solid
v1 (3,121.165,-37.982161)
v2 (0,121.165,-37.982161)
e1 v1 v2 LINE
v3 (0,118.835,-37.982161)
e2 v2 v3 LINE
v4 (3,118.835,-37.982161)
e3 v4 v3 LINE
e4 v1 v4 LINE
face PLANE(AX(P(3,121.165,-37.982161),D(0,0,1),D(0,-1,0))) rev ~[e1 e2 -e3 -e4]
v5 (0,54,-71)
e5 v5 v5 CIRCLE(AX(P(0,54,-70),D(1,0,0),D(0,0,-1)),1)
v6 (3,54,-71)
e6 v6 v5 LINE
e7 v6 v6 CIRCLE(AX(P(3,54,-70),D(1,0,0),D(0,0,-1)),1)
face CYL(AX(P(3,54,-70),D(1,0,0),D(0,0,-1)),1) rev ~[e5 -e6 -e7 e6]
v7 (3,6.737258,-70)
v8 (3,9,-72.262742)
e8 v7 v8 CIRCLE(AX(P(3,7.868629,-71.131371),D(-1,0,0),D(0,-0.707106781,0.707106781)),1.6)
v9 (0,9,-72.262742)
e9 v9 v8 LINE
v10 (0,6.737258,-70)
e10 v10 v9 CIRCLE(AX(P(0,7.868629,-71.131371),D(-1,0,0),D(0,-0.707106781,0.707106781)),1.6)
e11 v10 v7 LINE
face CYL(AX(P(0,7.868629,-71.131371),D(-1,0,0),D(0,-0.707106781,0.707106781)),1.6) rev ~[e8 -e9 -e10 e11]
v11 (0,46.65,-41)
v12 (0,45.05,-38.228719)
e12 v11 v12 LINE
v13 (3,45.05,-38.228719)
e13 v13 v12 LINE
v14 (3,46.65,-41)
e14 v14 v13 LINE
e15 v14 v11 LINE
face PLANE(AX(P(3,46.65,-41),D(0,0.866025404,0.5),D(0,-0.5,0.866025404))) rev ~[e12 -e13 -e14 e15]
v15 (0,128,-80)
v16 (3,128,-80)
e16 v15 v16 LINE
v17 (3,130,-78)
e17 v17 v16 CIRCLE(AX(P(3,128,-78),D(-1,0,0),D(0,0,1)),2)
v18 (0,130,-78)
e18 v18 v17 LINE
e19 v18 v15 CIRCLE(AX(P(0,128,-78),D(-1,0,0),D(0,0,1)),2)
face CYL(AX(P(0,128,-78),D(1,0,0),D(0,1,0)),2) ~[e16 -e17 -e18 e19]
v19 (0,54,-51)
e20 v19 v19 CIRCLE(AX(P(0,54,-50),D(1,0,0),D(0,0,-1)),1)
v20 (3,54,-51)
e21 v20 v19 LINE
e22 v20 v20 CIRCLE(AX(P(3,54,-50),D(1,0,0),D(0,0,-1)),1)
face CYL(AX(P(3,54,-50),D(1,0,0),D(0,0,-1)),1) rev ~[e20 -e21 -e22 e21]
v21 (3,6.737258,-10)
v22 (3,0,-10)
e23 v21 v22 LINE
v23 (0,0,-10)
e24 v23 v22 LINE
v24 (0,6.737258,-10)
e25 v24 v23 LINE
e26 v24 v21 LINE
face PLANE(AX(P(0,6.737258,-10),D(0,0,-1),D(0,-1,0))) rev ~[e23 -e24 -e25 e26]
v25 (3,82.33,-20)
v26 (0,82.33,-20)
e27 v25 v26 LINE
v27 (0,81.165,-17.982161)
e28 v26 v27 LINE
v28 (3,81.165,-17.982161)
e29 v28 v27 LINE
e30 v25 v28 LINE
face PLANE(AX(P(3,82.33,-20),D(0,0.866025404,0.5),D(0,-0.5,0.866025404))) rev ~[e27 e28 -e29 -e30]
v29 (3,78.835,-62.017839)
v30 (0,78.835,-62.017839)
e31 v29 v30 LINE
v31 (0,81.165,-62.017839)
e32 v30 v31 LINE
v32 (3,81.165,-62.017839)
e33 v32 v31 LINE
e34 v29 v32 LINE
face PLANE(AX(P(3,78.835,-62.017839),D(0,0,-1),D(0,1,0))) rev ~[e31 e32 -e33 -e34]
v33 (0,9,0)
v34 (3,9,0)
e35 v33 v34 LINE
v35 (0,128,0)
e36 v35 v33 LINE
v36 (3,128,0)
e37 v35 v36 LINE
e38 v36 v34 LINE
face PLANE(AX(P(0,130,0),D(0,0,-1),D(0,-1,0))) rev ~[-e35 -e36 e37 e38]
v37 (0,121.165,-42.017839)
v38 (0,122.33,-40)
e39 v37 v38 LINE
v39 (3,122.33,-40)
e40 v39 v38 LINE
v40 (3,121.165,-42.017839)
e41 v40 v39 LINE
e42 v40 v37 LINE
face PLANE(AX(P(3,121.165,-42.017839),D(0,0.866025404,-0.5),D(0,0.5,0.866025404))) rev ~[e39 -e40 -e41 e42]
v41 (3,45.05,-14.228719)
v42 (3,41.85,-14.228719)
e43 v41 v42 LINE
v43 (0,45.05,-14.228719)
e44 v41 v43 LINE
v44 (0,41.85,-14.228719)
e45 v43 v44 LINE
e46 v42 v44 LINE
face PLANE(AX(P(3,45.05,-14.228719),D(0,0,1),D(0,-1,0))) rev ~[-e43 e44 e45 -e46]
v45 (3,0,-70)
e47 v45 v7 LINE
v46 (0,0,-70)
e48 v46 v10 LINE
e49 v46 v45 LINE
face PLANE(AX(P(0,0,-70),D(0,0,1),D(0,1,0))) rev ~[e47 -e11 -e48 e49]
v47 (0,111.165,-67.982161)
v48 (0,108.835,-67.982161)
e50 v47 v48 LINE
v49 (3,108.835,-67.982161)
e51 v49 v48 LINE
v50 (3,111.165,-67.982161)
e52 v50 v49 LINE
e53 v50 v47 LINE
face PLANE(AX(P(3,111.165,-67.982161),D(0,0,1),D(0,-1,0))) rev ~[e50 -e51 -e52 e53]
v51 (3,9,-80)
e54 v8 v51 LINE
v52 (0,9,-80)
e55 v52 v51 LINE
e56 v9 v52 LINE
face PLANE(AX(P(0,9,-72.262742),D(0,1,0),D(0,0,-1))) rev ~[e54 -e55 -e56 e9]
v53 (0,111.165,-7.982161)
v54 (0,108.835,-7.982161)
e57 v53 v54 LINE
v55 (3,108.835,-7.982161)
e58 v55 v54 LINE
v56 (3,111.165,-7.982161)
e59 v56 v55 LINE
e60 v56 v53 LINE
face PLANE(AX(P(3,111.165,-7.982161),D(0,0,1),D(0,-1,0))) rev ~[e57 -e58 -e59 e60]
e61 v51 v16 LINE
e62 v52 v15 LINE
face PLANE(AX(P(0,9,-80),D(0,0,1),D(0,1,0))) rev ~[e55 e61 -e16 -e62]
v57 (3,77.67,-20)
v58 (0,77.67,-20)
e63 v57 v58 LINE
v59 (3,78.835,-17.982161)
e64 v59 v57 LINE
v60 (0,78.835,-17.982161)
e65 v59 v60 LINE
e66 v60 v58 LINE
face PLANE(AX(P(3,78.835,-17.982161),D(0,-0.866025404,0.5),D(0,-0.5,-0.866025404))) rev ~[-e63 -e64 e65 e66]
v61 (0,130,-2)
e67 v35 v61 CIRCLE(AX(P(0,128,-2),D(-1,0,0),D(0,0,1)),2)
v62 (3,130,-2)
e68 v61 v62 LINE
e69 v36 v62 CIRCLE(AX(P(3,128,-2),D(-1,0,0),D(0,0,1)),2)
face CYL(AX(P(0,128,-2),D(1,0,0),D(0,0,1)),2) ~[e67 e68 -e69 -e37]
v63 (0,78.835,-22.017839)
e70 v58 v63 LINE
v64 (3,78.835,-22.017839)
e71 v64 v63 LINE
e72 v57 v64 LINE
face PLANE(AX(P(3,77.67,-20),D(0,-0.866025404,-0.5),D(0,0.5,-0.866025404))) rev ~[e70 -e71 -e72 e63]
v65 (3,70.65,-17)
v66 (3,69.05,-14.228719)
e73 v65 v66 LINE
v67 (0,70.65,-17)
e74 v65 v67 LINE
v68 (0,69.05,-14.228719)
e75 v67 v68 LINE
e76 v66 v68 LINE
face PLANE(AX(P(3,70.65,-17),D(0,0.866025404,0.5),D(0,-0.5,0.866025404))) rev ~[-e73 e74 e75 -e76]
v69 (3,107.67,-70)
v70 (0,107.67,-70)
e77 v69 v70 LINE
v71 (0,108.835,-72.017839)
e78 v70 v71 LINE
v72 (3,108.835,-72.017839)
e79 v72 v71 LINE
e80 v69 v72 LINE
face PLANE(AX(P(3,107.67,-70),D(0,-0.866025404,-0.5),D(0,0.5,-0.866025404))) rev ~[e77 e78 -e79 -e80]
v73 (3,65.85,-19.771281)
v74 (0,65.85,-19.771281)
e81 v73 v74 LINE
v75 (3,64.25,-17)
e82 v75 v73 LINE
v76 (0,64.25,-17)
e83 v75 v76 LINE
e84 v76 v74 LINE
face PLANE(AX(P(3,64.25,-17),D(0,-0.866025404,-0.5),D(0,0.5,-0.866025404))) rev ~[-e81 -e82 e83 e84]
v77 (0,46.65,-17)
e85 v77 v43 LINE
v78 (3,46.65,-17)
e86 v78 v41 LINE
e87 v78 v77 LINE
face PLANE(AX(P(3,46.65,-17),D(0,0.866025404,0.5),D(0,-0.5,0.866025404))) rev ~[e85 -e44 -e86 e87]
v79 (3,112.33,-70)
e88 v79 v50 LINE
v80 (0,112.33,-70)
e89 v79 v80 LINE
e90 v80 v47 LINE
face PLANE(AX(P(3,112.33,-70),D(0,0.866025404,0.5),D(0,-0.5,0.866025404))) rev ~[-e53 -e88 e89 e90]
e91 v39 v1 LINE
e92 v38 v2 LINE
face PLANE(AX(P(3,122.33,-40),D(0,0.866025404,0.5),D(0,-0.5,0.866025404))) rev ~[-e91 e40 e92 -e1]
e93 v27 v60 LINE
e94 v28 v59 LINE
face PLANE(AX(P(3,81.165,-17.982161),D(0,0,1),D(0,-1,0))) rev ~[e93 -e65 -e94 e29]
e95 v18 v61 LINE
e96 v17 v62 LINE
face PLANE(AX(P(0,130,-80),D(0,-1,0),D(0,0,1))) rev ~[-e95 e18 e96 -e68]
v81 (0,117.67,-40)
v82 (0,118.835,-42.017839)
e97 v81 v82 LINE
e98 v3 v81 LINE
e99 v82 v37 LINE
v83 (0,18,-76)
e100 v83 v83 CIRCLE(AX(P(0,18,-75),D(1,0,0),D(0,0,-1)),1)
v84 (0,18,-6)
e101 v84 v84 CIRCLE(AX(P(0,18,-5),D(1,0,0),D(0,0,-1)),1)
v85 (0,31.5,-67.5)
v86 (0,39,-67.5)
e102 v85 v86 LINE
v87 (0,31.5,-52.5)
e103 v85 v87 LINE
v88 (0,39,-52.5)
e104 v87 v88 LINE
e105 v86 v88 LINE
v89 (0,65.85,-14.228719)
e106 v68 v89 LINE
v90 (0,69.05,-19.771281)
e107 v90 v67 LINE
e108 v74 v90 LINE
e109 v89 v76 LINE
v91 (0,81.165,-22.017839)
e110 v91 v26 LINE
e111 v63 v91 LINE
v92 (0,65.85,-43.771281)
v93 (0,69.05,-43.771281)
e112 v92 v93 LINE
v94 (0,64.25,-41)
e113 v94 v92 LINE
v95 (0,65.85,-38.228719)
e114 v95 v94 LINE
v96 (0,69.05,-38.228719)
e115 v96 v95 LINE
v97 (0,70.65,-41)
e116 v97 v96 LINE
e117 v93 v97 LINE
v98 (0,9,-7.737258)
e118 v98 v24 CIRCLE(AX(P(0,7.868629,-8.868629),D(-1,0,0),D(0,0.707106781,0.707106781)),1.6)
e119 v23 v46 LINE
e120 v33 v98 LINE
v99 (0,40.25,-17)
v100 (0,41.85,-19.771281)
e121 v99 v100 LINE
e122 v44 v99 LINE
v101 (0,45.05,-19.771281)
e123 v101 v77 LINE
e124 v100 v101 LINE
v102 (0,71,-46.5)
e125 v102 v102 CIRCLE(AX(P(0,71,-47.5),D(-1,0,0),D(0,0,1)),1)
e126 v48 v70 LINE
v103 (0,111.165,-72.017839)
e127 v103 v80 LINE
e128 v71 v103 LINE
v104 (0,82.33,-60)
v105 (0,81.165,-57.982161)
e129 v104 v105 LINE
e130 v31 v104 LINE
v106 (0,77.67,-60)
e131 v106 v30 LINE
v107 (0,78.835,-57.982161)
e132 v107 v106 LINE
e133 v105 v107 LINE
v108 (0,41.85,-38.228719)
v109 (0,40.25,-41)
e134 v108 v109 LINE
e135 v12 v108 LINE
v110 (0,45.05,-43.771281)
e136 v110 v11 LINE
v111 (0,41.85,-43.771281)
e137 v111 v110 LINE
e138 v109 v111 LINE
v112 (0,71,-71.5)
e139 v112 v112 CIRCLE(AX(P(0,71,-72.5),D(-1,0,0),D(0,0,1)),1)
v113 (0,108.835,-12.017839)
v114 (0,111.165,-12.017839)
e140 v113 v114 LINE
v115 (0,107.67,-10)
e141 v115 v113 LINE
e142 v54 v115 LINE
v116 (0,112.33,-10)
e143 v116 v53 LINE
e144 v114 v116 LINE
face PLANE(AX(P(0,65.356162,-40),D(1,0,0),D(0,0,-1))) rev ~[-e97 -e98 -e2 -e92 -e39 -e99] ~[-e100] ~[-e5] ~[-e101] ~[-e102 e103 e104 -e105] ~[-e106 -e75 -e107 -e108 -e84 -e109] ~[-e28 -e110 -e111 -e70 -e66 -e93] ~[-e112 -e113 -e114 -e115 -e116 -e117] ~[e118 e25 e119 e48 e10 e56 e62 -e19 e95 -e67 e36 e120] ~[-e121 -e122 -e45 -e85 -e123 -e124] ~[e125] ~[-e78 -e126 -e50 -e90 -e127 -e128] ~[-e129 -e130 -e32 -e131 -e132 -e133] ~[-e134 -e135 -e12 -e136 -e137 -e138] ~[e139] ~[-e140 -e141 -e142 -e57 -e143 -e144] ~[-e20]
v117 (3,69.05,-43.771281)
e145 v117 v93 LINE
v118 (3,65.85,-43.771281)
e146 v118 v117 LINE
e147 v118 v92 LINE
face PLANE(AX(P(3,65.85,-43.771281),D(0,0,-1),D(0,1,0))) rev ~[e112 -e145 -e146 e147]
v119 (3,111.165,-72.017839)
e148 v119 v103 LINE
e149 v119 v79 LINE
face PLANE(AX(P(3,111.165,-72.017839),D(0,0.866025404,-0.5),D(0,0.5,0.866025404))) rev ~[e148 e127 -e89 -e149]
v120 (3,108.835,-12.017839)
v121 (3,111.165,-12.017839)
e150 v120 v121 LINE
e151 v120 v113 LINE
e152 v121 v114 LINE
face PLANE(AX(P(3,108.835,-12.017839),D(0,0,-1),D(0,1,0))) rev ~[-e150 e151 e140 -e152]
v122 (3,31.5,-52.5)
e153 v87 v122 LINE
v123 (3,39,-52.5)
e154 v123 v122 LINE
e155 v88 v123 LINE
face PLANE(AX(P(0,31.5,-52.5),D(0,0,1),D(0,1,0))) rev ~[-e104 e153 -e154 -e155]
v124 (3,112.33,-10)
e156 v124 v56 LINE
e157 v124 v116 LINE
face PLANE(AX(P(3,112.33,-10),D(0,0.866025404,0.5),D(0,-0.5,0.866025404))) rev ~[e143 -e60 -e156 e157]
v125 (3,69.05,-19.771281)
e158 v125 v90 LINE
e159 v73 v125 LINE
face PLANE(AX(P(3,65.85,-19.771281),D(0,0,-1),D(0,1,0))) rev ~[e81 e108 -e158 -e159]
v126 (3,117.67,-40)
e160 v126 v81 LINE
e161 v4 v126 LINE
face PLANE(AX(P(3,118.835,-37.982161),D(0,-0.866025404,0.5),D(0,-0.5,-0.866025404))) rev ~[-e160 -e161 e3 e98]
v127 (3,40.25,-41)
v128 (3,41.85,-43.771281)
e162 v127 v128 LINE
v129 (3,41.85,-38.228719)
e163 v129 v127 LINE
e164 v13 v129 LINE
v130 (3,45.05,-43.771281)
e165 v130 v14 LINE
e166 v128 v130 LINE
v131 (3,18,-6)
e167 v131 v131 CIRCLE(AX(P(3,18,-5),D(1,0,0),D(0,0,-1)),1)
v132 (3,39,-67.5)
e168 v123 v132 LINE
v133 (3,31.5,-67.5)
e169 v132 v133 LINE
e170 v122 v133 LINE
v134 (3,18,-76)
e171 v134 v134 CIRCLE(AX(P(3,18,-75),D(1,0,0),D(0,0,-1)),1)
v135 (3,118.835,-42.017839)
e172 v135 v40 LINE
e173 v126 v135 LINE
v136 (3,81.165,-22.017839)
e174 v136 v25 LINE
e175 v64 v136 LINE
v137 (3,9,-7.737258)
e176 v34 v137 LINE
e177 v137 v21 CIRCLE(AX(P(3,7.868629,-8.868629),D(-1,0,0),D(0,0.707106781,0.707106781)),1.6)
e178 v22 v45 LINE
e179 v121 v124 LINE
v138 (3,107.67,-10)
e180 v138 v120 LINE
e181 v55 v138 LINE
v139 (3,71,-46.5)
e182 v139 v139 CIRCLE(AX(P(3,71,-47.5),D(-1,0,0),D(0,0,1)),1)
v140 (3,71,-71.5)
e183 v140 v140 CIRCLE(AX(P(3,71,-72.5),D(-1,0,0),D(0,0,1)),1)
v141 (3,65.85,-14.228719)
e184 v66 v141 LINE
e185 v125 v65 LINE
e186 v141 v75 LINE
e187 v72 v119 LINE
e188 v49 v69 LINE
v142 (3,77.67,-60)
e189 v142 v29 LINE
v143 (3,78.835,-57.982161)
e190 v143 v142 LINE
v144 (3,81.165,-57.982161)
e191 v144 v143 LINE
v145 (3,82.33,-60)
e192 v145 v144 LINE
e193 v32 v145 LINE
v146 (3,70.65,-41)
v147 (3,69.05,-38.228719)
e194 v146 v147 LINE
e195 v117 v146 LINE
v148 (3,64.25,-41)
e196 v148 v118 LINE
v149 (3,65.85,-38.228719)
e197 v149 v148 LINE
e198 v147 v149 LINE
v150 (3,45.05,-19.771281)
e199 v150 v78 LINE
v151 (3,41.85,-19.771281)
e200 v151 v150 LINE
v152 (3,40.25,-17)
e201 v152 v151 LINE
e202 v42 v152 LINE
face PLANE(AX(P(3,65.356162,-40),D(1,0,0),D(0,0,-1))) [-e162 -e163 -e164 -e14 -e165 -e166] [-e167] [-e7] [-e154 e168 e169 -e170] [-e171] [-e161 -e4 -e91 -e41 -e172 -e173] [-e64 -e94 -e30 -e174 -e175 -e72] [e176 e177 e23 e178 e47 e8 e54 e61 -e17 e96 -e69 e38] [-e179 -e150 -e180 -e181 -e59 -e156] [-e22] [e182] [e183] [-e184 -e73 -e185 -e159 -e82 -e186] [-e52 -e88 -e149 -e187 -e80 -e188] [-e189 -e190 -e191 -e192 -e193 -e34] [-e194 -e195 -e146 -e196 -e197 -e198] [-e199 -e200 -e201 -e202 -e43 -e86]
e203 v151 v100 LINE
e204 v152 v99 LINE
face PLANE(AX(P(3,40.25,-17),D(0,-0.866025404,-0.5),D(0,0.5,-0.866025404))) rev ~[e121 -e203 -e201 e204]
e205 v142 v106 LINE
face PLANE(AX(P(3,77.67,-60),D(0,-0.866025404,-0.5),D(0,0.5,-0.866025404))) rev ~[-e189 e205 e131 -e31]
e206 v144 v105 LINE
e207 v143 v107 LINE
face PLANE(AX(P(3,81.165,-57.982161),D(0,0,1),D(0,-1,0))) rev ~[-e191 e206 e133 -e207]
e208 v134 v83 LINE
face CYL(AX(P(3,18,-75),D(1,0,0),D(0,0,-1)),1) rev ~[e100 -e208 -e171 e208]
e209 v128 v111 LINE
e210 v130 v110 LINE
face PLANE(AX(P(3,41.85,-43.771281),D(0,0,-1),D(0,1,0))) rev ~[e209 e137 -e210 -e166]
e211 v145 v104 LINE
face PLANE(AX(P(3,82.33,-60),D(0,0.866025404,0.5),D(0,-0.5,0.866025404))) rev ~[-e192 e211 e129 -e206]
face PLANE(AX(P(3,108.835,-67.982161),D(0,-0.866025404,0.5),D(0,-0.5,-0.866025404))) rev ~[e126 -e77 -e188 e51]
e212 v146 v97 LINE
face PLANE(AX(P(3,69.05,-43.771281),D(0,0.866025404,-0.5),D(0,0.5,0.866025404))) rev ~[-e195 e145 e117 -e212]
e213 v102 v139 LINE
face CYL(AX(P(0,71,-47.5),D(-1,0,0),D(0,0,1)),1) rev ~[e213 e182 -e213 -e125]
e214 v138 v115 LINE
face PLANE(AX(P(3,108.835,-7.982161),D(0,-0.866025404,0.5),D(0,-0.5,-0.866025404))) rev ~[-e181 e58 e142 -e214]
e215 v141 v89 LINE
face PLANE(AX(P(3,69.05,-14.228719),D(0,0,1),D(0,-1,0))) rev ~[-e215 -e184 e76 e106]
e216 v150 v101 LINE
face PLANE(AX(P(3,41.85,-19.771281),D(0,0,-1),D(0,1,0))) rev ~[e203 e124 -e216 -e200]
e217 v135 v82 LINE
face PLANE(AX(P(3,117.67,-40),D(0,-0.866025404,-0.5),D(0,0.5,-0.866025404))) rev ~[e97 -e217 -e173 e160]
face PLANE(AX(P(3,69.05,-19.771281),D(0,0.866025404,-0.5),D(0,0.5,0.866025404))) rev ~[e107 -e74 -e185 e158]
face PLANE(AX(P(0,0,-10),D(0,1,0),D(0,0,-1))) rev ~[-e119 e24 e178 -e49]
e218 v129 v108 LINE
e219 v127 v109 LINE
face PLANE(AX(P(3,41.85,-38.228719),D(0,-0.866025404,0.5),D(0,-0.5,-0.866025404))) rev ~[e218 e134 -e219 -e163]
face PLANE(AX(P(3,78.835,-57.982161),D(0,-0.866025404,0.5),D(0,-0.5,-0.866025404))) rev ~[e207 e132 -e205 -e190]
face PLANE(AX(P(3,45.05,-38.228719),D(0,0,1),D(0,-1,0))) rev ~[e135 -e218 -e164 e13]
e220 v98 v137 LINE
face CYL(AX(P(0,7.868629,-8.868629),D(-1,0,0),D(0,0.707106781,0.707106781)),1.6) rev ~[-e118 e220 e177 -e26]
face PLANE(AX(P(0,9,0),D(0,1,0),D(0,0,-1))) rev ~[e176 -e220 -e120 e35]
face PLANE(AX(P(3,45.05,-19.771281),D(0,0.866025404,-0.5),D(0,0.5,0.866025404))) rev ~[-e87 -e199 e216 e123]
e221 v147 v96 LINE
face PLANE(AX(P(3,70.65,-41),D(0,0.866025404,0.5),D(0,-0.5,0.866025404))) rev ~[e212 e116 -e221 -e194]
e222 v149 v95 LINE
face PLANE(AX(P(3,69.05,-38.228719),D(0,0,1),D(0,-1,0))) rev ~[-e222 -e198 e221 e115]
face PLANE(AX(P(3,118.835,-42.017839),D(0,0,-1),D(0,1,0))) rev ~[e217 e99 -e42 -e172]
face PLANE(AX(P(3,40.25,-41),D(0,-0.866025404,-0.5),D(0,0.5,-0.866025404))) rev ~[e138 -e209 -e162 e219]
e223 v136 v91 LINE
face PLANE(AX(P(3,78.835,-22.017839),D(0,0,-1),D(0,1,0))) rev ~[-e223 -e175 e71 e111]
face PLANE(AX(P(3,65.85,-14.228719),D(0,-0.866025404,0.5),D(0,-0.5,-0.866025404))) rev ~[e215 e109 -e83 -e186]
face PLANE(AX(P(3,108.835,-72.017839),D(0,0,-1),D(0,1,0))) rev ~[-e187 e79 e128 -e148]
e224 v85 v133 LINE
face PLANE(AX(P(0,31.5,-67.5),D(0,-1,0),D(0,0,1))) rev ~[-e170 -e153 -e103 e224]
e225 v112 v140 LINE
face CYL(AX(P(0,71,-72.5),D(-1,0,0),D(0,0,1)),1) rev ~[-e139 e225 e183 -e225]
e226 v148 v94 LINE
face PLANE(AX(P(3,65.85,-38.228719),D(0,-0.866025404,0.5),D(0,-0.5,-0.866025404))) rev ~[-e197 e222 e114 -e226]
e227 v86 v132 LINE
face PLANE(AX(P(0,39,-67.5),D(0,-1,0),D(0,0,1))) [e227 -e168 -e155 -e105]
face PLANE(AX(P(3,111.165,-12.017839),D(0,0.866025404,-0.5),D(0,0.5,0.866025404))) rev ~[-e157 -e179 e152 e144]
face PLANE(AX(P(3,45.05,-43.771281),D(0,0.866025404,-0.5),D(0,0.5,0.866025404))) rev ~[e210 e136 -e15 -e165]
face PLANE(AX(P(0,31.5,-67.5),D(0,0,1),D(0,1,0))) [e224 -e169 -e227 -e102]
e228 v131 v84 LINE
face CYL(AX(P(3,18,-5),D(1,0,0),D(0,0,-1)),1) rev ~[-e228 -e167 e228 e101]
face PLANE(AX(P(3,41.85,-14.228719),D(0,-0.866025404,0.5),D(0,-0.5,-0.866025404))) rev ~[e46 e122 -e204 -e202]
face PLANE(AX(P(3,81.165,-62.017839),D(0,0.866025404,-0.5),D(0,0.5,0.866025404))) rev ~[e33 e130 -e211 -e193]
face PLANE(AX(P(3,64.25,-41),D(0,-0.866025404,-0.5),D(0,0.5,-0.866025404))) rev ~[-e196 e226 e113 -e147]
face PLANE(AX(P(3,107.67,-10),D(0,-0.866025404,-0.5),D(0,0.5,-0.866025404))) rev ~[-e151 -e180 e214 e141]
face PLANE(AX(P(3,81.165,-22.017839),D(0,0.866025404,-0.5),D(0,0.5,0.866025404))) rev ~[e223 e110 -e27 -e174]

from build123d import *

# Parameters (mm, degrees)
EXTRUSION1_DEPTH        = 3
ESQUISSE2_R             = 1
ESQUISSE2_R_2           = 1.5
ENL_V_MAT_EXTRU_1_DEPTH = 4
ESQUISSE3_W             = 15
ESQUISSE3_H             = 7.5
ENL_V_MAT_EXTRU_2_DEPTH = 4
ESQUISSE4_R             = 1
ENL_V_MAT_EXTRU_3_DEPTH = 4
ENL_V_MAT_EXTRU_4_DEPTH = 4
CONG_1_R                = 2
ESQUISSE6_R             = 1
ENL_V_MAT_EXTRU_5_DEPTH = 4


with BuildPart() as part:
    # Esquisse1 → Extrusion1 (new body)
    with BuildSketch(Plane(origin=(0, 0, 0), x_dir=(0, 0, -1), z_dir=(1, 0, 0))):
        with BuildLine():
            Line((10, 6.7372583), (10, 0))
            Line((10, 0), (70, 0))
            Line((70, 0), (70, 6.7372583))
            ThreePointArc((70, 6.7372583), (70, 9), (72.2627417, 9))
            Line((72.2627417, 9), (80, 9))
            Line((80, 9), (80, 130))
            Line((80, 130), (0, 130))
            Line((0, 130), (0, 9))
            Line((0, 9), (7.7372583, 9))
            ThreePointArc((7.7372583, 9), (10, 9), (10, 6.7372583))
        make_face()
    extrude(amount=EXTRUSION1_DEPTH)

    # Esquisse2 → Enlèv. mat.-Extru.1 (cut, through all)
    with BuildSketch(Plane(origin=(3, 0, 0), x_dir=(0, 0, -1), z_dir=(1, 0, 0))):
        with Locations((60, 80)):
            Circle(ESQUISSE2_R)
        with Locations((10, 110)):
            Circle(ESQUISSE2_R)
        with Locations(Location((20, 80, 0), (0, 0, 180))):  # turned: the seam where the file's is
            Circle(ESQUISSE2_R)
        with Locations((70, 110)):
            Circle(ESQUISSE2_R)
        with Locations((17, 67.45)):
            Circle(ESQUISSE2_R_2)
        with Locations((17, 43.45)):
            Circle(ESQUISSE2_R_2)
        with Locations((41, 43.45)):
            Circle(ESQUISSE2_R_2)
        with Locations((41, 67.45)):
            Circle(ESQUISSE2_R_2)
        with Locations((40, 120)):
            Circle(ESQUISSE2_R)
        with Locations((70, 54)):
            Circle(ESQUISSE2_R)
        with Locations((50, 54)):
            Circle(ESQUISSE2_R)
    extrude(amount=-ENL_V_MAT_EXTRU_1_DEPTH, mode=Mode.SUBTRACT)

    # Esquisse3 → Enlèv. mat.-Extru.2 (cut, through all)
    with BuildSketch(Plane.ZY):
        with Locations((-60, 35.25)):
            Rectangle(ESQUISSE3_W, ESQUISSE3_H)
    extrude(amount=-ENL_V_MAT_EXTRU_2_DEPTH, mode=Mode.SUBTRACT)

    # Esquisse4 → Enlèv. mat.-Extru.3 (cut, through all)
    with BuildSketch(Plane(origin=(3, 0, 0), x_dir=(0, 0, -1), z_dir=(1, 0, 0))):
        with Locations((75, 18)):
            Circle(ESQUISSE4_R)
        with Locations((5, 18)):
            Circle(ESQUISSE4_R)
    extrude(amount=-ENL_V_MAT_EXTRU_3_DEPTH, mode=Mode.SUBTRACT)

    # Esquisse5 → Enlèv. mat.-Extru.4 (cut, through all)
    with BuildSketch(Plane(origin=(3, 0, 0), x_dir=(0, 0, -1), z_dir=(1, 0, 0))):
        Polygon((12.017839191, 111.165), (10, 112.33), (7.982160809, 111.165), (7.982160809, 108.835), (10, 107.67), (12.017839191, 108.835), align=None)
        Polygon((42.017839191, 118.835), (42.017839191, 121.165), (40, 122.33), (37.982160809, 121.165), (37.982160809, 118.835), (40, 117.67), align=None)
        Polygon((70, 107.67), (72.017839191, 108.835), (72.017839191, 111.165), (70, 112.33), (67.982160809, 111.165), (67.982160809, 108.835), align=None)
        Polygon((62.017839191, 78.835), (62.017839191, 81.165), (60, 82.33), (57.982160809, 81.165), (57.982160809, 78.835), (60, 77.67), align=None)
        Polygon((22.017839191, 78.835), (22.017839191, 81.165), (20, 82.33), (17.982160809, 81.165), (17.982160809, 78.835), (20, 77.67), align=None)
        Polygon((43.771281292, 65.85), (43.771281292, 69.05), (41, 70.65), (38.228718708, 69.05), (38.228718708, 65.85), (41, 64.25), align=None)
        Polygon((43.771281292, 41.85), (43.771281292, 45.05), (41, 46.65), (38.228718708, 45.05), (38.228718708, 41.85), (41, 40.25), align=None)
        Polygon((19.771281292, 41.85), (19.771281292, 45.05), (17, 46.65), (14.228718708, 45.05), (14.228718708, 41.85), (17, 40.25), align=None)
        Polygon((19.771281292, 65.85), (19.771281292, 69.05), (17, 70.65), (14.228718708, 69.05), (14.228718708, 65.85), (17, 64.25), align=None)
    extrude(amount=-ENL_V_MAT_EXTRU_4_DEPTH, mode=Mode.SUBTRACT)

    # Congé1
    cong_1_edges = [part.edges().sort_by_distance(p)[0] for p in [
        (1.5, 130, 0),
        (1.5, 130, -80),
    ]]
    fillet(cong_1_edges, radius=CONG_1_R)

    # Esquisse6 → Enlèv. mat.-Extru.5 (cut, through all)
    with BuildSketch(Plane.ZY):
        with Locations((-72.5, 71)):
            Circle(ESQUISSE6_R)
        with Locations((-47.5, 71)):
            Circle(ESQUISSE6_R)
    extrude(amount=-ENL_V_MAT_EXTRU_5_DEPTH, mode=Mode.SUBTRACT)


solid = part.part
